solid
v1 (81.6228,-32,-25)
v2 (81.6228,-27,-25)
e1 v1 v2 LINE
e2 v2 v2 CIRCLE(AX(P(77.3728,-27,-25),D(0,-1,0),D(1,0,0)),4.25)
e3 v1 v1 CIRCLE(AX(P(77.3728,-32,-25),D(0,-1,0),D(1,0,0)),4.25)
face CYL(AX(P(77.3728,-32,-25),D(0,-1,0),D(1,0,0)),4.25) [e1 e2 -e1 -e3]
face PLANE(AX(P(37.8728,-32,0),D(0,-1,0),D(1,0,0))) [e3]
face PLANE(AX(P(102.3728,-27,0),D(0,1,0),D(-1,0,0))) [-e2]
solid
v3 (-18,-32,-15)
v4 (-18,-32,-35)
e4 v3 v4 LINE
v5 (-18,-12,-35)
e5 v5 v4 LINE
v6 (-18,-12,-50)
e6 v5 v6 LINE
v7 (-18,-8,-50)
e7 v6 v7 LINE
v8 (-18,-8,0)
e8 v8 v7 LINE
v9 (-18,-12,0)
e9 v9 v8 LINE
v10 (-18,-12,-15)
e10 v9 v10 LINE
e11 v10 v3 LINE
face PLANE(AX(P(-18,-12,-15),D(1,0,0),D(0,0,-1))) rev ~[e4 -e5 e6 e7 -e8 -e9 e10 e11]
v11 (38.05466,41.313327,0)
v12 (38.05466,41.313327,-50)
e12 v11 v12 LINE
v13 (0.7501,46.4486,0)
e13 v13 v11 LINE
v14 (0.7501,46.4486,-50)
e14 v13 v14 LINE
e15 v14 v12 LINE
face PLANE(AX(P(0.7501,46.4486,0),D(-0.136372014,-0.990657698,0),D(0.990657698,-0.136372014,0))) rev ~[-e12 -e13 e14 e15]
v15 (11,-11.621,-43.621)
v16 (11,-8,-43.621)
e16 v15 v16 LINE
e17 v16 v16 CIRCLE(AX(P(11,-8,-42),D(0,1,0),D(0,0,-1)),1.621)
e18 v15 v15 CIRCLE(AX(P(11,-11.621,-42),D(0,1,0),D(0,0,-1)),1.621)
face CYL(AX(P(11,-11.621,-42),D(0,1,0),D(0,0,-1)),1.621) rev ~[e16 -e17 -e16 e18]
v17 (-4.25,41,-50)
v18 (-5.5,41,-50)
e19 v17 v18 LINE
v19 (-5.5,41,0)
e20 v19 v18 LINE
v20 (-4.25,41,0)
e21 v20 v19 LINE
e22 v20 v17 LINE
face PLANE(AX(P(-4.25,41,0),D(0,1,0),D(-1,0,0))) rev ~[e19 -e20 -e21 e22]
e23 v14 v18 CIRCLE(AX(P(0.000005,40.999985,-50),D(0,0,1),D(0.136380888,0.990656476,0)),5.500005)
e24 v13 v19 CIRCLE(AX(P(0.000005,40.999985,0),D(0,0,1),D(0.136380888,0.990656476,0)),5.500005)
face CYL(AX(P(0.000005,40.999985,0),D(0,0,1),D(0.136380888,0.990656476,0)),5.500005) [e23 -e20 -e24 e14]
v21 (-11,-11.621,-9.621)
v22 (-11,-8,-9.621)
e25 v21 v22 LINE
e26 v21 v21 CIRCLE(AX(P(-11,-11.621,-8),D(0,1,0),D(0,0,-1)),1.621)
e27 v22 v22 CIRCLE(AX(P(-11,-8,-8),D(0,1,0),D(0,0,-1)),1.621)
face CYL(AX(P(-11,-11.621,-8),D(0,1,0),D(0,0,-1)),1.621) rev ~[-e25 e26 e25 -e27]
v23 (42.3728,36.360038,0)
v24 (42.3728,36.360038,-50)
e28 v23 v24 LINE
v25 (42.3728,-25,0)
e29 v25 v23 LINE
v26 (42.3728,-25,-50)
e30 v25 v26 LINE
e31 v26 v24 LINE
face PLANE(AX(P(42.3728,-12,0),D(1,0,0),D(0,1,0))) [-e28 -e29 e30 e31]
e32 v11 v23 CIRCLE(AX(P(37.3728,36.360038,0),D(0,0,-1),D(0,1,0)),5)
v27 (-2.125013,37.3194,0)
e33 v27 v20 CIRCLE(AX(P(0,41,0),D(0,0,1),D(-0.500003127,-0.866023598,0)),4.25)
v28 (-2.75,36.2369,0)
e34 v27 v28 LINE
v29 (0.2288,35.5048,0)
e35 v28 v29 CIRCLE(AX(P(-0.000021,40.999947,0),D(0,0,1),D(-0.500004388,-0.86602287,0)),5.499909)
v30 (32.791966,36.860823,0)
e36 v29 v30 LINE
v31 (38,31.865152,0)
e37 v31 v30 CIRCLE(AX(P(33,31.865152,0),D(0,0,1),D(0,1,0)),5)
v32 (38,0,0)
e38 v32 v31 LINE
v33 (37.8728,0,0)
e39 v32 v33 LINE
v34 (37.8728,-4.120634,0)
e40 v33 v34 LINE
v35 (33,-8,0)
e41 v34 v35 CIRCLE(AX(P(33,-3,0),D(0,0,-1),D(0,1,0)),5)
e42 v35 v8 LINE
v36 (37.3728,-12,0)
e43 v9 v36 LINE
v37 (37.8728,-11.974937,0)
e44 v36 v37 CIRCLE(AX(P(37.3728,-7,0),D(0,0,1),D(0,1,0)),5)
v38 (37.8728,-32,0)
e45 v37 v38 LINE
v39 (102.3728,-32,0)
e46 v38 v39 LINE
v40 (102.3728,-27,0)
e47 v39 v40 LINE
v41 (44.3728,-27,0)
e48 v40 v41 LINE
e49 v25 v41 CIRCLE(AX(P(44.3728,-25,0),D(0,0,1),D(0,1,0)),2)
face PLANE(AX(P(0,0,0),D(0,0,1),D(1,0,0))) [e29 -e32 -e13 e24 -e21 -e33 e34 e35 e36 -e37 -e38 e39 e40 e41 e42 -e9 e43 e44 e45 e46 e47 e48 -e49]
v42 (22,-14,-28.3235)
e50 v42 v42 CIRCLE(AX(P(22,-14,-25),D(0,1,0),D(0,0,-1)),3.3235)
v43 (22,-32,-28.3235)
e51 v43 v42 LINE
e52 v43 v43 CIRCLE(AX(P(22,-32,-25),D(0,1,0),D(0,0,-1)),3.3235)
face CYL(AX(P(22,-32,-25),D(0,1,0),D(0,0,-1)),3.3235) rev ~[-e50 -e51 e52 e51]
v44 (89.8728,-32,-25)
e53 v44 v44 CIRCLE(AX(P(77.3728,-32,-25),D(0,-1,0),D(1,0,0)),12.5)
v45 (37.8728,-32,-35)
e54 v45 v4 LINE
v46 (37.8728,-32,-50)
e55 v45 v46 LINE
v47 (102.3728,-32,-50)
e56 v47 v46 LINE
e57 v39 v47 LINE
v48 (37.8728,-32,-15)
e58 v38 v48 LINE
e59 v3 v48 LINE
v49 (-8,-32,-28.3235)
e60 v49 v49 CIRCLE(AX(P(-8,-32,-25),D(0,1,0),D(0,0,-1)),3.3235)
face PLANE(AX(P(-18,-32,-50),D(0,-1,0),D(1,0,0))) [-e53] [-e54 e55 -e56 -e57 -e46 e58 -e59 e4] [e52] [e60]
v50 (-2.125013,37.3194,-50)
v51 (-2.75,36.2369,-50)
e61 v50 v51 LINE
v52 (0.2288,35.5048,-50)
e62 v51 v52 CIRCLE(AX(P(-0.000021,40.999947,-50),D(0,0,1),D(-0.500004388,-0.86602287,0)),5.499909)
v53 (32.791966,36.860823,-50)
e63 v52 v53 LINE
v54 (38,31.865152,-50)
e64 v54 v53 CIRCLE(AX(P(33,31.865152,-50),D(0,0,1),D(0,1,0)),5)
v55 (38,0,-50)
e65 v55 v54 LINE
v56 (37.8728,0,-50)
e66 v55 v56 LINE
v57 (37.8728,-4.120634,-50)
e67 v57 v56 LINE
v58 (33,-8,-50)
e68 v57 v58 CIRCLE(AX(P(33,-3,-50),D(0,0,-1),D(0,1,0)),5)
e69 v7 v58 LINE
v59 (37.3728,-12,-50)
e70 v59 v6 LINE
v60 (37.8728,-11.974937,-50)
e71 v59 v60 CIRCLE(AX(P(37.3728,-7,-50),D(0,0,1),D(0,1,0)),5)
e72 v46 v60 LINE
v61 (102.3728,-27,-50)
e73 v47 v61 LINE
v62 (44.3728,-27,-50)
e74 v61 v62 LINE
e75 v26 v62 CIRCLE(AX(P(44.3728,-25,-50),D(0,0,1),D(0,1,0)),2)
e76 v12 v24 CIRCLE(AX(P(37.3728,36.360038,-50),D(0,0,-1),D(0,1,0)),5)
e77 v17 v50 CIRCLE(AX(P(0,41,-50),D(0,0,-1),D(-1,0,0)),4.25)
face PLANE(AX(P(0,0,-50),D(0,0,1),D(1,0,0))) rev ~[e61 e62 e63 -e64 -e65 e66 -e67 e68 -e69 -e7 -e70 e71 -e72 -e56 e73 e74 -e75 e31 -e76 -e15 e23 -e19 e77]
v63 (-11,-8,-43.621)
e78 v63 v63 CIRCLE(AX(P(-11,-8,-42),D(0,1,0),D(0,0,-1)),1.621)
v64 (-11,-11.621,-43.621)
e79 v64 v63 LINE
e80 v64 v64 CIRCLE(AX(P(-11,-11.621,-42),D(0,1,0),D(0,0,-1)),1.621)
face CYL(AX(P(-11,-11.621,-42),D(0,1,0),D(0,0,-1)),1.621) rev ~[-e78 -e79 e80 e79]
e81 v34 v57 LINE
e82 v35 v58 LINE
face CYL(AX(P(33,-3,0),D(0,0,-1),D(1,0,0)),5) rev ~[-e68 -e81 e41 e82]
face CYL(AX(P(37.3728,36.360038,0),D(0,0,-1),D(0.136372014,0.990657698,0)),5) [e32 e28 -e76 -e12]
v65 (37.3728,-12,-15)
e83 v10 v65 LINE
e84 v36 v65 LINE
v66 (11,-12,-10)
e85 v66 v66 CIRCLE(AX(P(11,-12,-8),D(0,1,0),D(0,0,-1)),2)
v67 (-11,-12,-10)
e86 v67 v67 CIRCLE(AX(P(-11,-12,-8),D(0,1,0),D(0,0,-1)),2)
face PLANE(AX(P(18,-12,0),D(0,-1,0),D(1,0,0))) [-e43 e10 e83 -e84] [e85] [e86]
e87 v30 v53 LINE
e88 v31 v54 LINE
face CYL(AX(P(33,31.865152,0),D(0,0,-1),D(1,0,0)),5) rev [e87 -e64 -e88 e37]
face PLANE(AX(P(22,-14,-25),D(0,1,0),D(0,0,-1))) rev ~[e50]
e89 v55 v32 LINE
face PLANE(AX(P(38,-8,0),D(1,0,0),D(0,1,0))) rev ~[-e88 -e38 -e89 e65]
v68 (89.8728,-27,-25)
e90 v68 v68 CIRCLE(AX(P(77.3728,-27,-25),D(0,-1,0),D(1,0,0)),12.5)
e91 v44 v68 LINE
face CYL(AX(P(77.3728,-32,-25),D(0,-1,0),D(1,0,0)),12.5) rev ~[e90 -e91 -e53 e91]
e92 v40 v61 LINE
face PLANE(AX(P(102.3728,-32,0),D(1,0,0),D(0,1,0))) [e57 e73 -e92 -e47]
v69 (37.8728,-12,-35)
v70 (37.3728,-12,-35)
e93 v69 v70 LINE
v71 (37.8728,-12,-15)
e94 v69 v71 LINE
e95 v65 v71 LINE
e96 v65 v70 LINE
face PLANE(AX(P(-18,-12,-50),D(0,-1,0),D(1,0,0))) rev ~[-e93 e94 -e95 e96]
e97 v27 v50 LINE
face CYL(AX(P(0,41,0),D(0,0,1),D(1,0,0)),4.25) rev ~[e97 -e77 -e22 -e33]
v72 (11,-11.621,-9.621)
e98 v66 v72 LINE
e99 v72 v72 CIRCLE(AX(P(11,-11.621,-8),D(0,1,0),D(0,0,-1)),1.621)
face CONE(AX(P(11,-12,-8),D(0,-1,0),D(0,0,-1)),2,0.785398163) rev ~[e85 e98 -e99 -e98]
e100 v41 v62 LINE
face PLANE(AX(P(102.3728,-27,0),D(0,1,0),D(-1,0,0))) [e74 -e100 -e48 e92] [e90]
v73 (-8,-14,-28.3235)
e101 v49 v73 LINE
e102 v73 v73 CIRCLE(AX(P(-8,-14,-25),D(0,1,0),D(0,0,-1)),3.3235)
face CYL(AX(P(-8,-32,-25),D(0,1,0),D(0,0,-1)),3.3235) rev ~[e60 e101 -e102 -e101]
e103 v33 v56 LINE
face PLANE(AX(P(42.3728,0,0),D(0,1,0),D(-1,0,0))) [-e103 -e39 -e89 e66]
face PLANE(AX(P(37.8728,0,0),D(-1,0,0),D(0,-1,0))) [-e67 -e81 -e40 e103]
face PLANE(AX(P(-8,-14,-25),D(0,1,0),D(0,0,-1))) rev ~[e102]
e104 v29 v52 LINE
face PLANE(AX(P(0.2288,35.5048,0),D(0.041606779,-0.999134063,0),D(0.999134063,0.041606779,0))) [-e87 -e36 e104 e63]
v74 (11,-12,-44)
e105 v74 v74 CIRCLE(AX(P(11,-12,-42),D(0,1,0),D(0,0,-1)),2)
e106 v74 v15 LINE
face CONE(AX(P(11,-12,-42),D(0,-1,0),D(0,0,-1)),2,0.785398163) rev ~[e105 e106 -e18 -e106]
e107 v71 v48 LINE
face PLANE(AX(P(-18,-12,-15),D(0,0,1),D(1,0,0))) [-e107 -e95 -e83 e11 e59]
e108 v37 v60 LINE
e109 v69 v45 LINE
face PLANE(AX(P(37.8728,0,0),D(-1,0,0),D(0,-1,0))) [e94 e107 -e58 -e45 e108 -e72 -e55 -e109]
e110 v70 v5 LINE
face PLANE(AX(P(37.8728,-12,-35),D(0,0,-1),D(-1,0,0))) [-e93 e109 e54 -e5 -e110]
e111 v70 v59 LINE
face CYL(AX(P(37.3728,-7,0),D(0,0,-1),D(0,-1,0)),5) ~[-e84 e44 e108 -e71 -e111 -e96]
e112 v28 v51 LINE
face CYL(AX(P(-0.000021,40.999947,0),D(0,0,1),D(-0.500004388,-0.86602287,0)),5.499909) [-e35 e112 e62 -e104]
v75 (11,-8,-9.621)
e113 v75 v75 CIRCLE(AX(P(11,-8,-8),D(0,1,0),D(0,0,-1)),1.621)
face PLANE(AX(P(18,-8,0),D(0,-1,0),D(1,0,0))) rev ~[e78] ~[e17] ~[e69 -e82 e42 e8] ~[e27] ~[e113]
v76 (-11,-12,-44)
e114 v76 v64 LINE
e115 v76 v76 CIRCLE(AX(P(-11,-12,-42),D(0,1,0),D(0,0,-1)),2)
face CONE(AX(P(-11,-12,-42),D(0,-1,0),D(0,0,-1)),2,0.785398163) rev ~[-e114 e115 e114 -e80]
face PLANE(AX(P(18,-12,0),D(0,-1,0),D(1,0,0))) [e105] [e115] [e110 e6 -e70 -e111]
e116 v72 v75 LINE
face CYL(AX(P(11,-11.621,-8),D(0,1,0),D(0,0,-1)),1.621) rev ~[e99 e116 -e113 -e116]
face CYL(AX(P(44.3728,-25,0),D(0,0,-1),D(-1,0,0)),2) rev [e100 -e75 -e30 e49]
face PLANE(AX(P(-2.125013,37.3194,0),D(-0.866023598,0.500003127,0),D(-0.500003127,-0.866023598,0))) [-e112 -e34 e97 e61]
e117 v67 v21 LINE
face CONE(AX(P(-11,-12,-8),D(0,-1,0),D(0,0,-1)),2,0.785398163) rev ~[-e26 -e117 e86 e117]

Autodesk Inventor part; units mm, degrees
ref_plane "YZ Plane" through (0, 0, 0) normal (1, 0, 0) x (0, 1, 0)
ref_plane "XZ Plane" through (0, 0, 0) normal (0, 1, 0) x (-1, 0, 0)
ref_plane "XY Plane" through (0, 0, 0) normal (0, 0, 1) x (1, 0, 0)
sketch "草图1" plane through (0, 0, 0) normal (0, 0, 1) x (1, 0, 0)
  circle A0 centre (0, 41) radius 4.25 projected
  circle A1 centre (0, 41) radius 4.25
  line L0 (0, 41) -> (-2.75, 36.2369)
  line L1 (0, 41) -> (5.5, 41) construction
  line L2 (0, 41) -> (-5.5, 41)
  line L3 (0.7501, 46.4486) -> (42.3728, 40.7189)
  line L4 (-15, 3) -> (-15, 6) projected
  line L5 (-15, 6) -> (-18, 6) projected
  line L6 (-18, 6) -> (-18, -8) projected
  line L7 (-4, -8) -> (-18, -8) projected
  line L8 (-4, -6) -> (-4, -8) projected
  line L9 (-4, -6) -> (4, -6) projected
  line L10 (4, -6) -> (4, -8) projected
  line L11 (18, -8) -> (4, -8) projected
  line L12 (18, 6) -> (18, -8) projected
  line L13 (18, 6) -> (15, 6) projected
  line L14 (15, 6) -> (15, 3) projected
  line L15 (15, 3) -> (13.5, 3) projected
  line L16 (13.5, 3) -> (13.5, 2) projected
  line L17 (13.5, 2) -> (15, 2) projected
  line L18 (15, 2) -> (15, -2) projected
  line L19 (15, -2) -> (-15, -2) projected
  line L20 (-15, -2) -> (-15, 2) projected
  line L21 (-15, 2) -> (-13.5, 2) projected
  line L22 (-13.5, 2) -> (-13.5, 3) projected
  line L23 (-13.5, 3) -> (-15, 3) projected
  line L24 (-18, -8) -> (18, -8)
  line L25 (18, -8) -> (18, -12)
  line L26 (18, -12) -> (-18, -12)
  line L27 (-18, -12) -> (-18, -8)
  line L28 (18, -12) -> (42.3728, -12)
  line L29 (42.3728, -12) -> (42.3728, 40.7189)
  line L30 (18, -8) -> (38, -8)
  line L31 (38, -8) -> (38, 37.0777)
  line L32 (0.2288, 35.5048) -> (38, 37.0777)
  arc A2 (-2.75, 36.2369) -> (0.2288, 35.5048) centre (0, 41) ccw
  arc A3 (0.7501, 46.4486) -> (-5.5, 41) centre (0, 41) ccw
  point P0 (0, 0)
  point P1 (-4.25, 41)
  point P2 (-2.125, 37.3194)
  dimension "d1" = 120
  dimension "d2" = 4
  dimension "d3" = 20
extrude "拉伸1" add sketch "草图1" against normal blind 50 contours A0 L2 A3 L3 L29 L28 L25 L30 L31 L32 A2 L0 | L26 L27 L7 L24 L11 L25
fillet "圆角1" radius 5 2 edges at (38, 37.0777, -25) (42.3728, 40.7189, -25)
fillet "圆角2" radius 5 2 edges at (38, -8, -25) (42.3728, -12, -25)
sketch "草图2" plane through (-18, -12, -50) normal (0, -1, 0) x (1, 0, 0)
  line L0 (0, 50) -> (55.3728, 50) projected
  line L1 (0, 50) -> (0, 0) projected
  line L2 (55.3728, 0) -> (0, 0) projected
  point P0 (18, 50)
  point P1 (7, 42)
  point P2 (7, 8)
  point P3 (29, 42)
  point P4 (29, 8)
  dimension "d8" = 8
  dimension "d9" = 7
  dimension "d10" = 8
  dimension "d11" = 22
hole "孔1" at (-11, -12, -8) at (-11, -12, -42) at (11, -12, -8) at (11, -12, -42) direction (0, 1, 0) diameter 3.242 depth 4 countersink diameter 4 countersink angle 90 thread size "M4x0.7" designation "M4" class "6H" standard "GB Metric profile"
sketch "草图5" plane through (0, 0, 0) normal (0, 0, 1) x (1, 0, 0)
  line L0 (42.3728, 36.36) -> (42.3728, -7) projected
  line L1 (42.3728, 0) -> (37.8728, 0)
  line L2 (37.8728, 0) -> (37.8728, -32)
  line L3 (37.8728, -32) -> (42.3728, -32)
  line L4 (42.3728, -32) -> (42.3728, 0)
  line L5 (37.8728, -32) -> (102.3728, -32)
  line L6 (102.3728, -32) -> (102.3728, -27)
  line L7 (102.3728, -27) -> (37.8728, -27)
  line L8 (37.8728, -27) -> (37.8728, -32)
  point P0 (0, 0)
  point P1 (42.3728, -27)
  dimension "d26" = 4.5
  dimension "d27" = 32
  dimension "d28" = 64.5
  dimension "d29" = 5
extrude "拉伸4" add sketch "草图5" against normal blind 50
fillet "圆角3" radius 2 1 edges at (42.3728, -27, -25)
sketch "草图6" plane through (37.8728, -32, 0) normal (0, -1, 0) x (1, 0, 0)
  circle A0 centre (39.5, -25) radius 4.25 projected
  circle A1 centre (39.5, -25) radius 12.5
  point P0 (-37.8728, 0)
  dimension "d33" = 25
extrude "拉伸5" cut sketch "草图6" against normal blind 10
sketch "草图7" plane through (-18, -12, -50) normal (0, -1, 0) x (1, 0, 0)
  line L0 (0, 50) -> (0, 0) projected
  line L1 (55.8728, 0) -> (55.8728, 50) projected
  line L2 (0, 35) -> (55.8728, 35)
  line L3 (55.8728, 35) -> (55.8728, 15)
  line L4 (55.8728, 15) -> (0, 15)
  line L5 (0, 15) -> (0, 35)
  line L6 (0, 50) -> (55.3728, 50) projected
  point P0 (18, 50)
  point P1 (0, 15)
  dimension "d36" = 20
  dimension "d37" = 15
extrude "拉伸6" add sketch "草图7" along normal up to surface (20 mm away)
sketch "草图8" plane through (37.8728, -32, 0) normal (0, -1, 0) x (1, 0, 0)
  line L0 (-55.8728, -15) -> (0, -15) projected
  line L1 (-55.8728, -35) -> (-55.8728, -15) projected
  point P0 (-37.8728, 0)
  point P1 (-45.8728, -25)
  point P2 (-15.8728, -25)
  dimension "d40" = 10
  dimension "d41" = 10
  dimension "d42" = 30
hole "孔2" at (-8, -32, -25) at (22, -32, -25) direction (0, 1, 0) diameter 6.647 depth 18 thread size "M8x1.25" designation "M8" class "6H" standard "GB Metric profile"
properties part number "链接板"
